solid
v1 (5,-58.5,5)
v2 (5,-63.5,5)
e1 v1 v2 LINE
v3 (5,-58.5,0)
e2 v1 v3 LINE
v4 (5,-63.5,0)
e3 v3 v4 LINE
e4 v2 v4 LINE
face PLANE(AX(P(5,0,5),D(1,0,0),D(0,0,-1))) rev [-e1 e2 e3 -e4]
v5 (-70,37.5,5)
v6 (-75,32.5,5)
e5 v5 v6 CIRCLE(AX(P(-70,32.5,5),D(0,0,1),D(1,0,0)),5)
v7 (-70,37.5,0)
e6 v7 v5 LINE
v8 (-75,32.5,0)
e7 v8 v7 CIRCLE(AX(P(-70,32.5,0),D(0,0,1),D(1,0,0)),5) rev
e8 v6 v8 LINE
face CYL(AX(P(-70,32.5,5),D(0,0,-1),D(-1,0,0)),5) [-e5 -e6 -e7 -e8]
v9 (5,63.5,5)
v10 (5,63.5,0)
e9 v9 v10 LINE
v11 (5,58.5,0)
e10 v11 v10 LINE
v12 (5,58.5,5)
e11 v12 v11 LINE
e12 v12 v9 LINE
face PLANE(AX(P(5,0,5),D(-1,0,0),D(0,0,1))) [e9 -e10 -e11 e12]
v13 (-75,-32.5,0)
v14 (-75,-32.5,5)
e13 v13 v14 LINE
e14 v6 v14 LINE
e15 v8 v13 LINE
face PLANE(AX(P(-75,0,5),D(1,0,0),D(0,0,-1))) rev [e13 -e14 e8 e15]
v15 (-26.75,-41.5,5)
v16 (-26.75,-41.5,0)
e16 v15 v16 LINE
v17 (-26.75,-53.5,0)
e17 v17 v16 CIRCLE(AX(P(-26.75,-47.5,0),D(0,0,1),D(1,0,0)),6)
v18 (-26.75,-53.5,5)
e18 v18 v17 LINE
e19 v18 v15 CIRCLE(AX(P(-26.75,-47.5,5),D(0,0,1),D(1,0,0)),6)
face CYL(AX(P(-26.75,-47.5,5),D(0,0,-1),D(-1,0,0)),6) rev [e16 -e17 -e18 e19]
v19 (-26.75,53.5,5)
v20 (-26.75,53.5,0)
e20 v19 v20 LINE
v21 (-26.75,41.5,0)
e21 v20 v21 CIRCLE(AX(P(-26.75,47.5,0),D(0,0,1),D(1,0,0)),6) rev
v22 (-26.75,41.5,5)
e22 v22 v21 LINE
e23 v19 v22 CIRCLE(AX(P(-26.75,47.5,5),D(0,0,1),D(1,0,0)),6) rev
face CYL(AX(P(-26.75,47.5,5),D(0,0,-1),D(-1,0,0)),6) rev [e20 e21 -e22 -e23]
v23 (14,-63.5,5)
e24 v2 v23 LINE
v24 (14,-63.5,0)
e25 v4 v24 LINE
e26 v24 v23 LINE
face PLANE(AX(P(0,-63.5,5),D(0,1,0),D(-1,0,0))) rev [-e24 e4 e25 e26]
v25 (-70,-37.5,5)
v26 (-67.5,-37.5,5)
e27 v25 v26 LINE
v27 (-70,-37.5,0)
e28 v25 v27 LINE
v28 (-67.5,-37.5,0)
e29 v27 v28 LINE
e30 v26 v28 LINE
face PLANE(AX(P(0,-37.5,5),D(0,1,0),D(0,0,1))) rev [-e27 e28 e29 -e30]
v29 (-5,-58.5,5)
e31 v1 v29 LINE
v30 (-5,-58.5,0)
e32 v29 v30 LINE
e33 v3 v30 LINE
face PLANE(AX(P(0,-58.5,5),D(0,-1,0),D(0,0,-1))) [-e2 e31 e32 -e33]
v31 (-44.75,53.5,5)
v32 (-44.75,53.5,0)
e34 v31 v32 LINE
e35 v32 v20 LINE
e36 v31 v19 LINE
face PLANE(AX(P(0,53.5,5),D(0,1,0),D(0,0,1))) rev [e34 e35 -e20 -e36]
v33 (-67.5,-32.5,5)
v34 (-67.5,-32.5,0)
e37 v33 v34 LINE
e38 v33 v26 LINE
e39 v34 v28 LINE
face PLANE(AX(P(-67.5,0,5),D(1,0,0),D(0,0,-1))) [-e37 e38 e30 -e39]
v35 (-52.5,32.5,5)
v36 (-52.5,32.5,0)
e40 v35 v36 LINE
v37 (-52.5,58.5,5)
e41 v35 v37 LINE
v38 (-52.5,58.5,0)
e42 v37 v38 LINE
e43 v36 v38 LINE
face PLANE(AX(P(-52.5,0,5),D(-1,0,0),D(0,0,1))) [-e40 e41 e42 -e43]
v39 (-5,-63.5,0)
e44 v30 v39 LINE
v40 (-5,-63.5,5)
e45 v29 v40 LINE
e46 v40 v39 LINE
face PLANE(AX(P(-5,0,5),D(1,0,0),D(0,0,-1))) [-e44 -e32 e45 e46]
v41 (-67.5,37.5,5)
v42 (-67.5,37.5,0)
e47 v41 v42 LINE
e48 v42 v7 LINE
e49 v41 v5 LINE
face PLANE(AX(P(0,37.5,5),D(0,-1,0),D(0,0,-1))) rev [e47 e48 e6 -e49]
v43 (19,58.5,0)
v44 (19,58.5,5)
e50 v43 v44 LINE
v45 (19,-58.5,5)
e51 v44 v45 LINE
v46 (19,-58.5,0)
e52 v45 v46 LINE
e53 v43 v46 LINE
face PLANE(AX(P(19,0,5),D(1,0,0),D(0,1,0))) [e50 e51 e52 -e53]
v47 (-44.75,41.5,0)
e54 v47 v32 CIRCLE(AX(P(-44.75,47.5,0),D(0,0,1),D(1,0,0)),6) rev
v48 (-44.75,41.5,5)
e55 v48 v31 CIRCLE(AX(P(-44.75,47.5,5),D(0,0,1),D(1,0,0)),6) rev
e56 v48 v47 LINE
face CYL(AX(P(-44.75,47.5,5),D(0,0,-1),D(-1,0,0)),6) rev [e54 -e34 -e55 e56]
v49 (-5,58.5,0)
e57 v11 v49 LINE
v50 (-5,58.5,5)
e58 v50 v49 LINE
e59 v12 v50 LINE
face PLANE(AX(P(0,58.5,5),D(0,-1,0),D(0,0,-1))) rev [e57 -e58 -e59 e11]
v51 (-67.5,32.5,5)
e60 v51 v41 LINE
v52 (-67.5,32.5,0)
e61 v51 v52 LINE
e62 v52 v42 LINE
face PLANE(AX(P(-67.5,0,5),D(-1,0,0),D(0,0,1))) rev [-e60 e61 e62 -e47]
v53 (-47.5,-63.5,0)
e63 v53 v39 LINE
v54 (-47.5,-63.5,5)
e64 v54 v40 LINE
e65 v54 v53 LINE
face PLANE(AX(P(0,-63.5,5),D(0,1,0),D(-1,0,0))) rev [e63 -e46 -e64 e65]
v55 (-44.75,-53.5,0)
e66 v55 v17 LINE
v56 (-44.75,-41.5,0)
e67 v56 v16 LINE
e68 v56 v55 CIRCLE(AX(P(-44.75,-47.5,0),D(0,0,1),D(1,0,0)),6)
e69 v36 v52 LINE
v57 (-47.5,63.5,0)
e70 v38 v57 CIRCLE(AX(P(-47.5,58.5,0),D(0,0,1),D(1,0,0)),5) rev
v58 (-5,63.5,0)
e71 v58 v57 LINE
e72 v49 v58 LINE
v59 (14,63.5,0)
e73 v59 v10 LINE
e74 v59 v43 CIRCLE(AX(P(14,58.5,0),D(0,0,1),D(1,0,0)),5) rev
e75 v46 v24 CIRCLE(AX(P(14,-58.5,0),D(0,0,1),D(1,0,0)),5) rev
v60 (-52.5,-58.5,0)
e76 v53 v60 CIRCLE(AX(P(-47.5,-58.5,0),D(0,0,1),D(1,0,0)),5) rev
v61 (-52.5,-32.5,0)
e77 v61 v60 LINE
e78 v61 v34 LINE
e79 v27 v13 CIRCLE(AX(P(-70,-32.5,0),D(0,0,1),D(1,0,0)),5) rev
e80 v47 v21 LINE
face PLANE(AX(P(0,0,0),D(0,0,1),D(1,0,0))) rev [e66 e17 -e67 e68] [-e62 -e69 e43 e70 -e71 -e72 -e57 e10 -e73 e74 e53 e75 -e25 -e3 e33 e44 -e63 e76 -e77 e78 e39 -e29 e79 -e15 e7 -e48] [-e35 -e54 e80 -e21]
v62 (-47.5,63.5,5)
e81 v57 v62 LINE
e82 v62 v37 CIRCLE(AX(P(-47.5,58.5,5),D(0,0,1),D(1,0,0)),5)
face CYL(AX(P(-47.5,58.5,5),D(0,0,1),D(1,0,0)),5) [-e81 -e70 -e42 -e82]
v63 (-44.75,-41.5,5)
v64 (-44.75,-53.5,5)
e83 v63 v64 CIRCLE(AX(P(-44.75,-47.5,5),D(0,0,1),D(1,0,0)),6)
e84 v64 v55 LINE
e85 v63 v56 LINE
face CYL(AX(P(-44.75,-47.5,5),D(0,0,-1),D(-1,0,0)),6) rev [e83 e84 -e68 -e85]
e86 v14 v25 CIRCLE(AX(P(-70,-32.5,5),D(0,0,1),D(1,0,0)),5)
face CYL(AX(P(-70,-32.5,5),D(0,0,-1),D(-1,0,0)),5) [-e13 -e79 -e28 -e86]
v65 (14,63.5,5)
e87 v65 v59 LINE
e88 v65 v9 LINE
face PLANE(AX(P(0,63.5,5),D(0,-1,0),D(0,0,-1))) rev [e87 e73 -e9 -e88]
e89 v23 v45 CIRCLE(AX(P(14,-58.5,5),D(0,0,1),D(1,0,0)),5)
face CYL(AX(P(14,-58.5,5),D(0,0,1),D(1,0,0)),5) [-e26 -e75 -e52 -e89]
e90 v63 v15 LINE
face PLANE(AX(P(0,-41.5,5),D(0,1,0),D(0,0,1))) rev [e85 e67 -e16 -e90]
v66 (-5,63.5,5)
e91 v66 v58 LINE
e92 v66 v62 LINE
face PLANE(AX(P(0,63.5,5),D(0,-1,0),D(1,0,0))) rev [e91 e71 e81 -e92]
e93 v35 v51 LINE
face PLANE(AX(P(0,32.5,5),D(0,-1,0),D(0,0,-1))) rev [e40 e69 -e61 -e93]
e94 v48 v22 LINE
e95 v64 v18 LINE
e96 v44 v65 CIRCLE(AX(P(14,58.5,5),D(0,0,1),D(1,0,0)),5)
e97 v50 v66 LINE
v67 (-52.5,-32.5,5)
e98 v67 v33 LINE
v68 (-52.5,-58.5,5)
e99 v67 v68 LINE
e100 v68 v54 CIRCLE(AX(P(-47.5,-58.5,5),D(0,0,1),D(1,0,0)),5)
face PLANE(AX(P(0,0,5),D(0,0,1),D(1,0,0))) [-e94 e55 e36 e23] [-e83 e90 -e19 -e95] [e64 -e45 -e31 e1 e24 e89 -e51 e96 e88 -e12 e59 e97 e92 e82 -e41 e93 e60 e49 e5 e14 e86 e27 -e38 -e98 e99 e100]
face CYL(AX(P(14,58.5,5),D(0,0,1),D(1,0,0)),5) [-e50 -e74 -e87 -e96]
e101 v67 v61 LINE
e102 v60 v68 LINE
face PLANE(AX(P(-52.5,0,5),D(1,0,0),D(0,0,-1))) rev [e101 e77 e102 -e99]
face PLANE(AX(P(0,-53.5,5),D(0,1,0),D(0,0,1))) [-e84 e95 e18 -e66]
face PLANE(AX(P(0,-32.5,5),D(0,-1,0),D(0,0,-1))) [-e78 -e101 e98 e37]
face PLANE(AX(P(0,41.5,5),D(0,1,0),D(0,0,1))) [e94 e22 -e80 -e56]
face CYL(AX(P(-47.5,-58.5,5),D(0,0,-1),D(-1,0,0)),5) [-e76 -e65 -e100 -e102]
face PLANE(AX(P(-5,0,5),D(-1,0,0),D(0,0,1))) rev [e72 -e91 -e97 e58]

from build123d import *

# Parameters (mm, degrees)
BOSS_EXTRUDE2_DEPTH = 5
FILLET2_R           = 5


with BuildPart() as part:
    # Sketch2 → Boss-Extrude2 (new body)
    with BuildSketch(Plane.XY):
        Polygon((-52.5, -63.5), (-5, -63.5), (-5, -58.5), (5, -58.5), (5, -63.5), (19, -63.5), (19, 63.5), (5, 63.5), (5, 58.5), (-5, 58.5), (-5, 63.5), (-52.5, 63.5), (-52.5, 32.5), (-67.5, 32.5), (-67.5, 37.5), (-75, 37.5), (-75, -37.5), (-67.5, -37.5), (-67.5, -32.5), (-52.5, -32.5), align=None)
        with BuildLine():
            ThreePointArc((-44.75, -53.5), (-50.75, -47.5), (-44.75, -41.5))
            Line((-44.75, -41.5), (-26.75, -41.5))
            ThreePointArc((-26.75, -41.5), (-20.75, -47.5), (-26.75, -53.5))
            Line((-26.75, -53.5), (-44.75, -53.5))
        make_face(mode=Mode.SUBTRACT)
        with BuildLine():
            Line((-44.75, 53.5), (-26.75, 53.5))
            ThreePointArc((-26.75, 53.5), (-20.75, 47.5), (-26.75, 41.5))
            Line((-26.75, 41.5), (-44.75, 41.5))
            ThreePointArc((-44.75, 41.5), (-50.75, 47.5), (-44.75, 53.5))
        make_face(mode=Mode.SUBTRACT)
    extrude(amount=BOSS_EXTRUDE2_DEPTH)

    # Fillet2
    fillet2_edges = [part.edges().sort_by_distance(p)[0] for p in [
        (-75, -37.5, 2.5),
        (-52.5, 63.5, 2.5),
        (19, 63.5, 2.5),
        (19, -63.5, 2.5),
        (-52.5, -63.5, 2.5),
        (-75, 37.5, 2.5),
    ]]
    fillet(fillet2_edges, radius=FILLET2_R)


solid = part.part
